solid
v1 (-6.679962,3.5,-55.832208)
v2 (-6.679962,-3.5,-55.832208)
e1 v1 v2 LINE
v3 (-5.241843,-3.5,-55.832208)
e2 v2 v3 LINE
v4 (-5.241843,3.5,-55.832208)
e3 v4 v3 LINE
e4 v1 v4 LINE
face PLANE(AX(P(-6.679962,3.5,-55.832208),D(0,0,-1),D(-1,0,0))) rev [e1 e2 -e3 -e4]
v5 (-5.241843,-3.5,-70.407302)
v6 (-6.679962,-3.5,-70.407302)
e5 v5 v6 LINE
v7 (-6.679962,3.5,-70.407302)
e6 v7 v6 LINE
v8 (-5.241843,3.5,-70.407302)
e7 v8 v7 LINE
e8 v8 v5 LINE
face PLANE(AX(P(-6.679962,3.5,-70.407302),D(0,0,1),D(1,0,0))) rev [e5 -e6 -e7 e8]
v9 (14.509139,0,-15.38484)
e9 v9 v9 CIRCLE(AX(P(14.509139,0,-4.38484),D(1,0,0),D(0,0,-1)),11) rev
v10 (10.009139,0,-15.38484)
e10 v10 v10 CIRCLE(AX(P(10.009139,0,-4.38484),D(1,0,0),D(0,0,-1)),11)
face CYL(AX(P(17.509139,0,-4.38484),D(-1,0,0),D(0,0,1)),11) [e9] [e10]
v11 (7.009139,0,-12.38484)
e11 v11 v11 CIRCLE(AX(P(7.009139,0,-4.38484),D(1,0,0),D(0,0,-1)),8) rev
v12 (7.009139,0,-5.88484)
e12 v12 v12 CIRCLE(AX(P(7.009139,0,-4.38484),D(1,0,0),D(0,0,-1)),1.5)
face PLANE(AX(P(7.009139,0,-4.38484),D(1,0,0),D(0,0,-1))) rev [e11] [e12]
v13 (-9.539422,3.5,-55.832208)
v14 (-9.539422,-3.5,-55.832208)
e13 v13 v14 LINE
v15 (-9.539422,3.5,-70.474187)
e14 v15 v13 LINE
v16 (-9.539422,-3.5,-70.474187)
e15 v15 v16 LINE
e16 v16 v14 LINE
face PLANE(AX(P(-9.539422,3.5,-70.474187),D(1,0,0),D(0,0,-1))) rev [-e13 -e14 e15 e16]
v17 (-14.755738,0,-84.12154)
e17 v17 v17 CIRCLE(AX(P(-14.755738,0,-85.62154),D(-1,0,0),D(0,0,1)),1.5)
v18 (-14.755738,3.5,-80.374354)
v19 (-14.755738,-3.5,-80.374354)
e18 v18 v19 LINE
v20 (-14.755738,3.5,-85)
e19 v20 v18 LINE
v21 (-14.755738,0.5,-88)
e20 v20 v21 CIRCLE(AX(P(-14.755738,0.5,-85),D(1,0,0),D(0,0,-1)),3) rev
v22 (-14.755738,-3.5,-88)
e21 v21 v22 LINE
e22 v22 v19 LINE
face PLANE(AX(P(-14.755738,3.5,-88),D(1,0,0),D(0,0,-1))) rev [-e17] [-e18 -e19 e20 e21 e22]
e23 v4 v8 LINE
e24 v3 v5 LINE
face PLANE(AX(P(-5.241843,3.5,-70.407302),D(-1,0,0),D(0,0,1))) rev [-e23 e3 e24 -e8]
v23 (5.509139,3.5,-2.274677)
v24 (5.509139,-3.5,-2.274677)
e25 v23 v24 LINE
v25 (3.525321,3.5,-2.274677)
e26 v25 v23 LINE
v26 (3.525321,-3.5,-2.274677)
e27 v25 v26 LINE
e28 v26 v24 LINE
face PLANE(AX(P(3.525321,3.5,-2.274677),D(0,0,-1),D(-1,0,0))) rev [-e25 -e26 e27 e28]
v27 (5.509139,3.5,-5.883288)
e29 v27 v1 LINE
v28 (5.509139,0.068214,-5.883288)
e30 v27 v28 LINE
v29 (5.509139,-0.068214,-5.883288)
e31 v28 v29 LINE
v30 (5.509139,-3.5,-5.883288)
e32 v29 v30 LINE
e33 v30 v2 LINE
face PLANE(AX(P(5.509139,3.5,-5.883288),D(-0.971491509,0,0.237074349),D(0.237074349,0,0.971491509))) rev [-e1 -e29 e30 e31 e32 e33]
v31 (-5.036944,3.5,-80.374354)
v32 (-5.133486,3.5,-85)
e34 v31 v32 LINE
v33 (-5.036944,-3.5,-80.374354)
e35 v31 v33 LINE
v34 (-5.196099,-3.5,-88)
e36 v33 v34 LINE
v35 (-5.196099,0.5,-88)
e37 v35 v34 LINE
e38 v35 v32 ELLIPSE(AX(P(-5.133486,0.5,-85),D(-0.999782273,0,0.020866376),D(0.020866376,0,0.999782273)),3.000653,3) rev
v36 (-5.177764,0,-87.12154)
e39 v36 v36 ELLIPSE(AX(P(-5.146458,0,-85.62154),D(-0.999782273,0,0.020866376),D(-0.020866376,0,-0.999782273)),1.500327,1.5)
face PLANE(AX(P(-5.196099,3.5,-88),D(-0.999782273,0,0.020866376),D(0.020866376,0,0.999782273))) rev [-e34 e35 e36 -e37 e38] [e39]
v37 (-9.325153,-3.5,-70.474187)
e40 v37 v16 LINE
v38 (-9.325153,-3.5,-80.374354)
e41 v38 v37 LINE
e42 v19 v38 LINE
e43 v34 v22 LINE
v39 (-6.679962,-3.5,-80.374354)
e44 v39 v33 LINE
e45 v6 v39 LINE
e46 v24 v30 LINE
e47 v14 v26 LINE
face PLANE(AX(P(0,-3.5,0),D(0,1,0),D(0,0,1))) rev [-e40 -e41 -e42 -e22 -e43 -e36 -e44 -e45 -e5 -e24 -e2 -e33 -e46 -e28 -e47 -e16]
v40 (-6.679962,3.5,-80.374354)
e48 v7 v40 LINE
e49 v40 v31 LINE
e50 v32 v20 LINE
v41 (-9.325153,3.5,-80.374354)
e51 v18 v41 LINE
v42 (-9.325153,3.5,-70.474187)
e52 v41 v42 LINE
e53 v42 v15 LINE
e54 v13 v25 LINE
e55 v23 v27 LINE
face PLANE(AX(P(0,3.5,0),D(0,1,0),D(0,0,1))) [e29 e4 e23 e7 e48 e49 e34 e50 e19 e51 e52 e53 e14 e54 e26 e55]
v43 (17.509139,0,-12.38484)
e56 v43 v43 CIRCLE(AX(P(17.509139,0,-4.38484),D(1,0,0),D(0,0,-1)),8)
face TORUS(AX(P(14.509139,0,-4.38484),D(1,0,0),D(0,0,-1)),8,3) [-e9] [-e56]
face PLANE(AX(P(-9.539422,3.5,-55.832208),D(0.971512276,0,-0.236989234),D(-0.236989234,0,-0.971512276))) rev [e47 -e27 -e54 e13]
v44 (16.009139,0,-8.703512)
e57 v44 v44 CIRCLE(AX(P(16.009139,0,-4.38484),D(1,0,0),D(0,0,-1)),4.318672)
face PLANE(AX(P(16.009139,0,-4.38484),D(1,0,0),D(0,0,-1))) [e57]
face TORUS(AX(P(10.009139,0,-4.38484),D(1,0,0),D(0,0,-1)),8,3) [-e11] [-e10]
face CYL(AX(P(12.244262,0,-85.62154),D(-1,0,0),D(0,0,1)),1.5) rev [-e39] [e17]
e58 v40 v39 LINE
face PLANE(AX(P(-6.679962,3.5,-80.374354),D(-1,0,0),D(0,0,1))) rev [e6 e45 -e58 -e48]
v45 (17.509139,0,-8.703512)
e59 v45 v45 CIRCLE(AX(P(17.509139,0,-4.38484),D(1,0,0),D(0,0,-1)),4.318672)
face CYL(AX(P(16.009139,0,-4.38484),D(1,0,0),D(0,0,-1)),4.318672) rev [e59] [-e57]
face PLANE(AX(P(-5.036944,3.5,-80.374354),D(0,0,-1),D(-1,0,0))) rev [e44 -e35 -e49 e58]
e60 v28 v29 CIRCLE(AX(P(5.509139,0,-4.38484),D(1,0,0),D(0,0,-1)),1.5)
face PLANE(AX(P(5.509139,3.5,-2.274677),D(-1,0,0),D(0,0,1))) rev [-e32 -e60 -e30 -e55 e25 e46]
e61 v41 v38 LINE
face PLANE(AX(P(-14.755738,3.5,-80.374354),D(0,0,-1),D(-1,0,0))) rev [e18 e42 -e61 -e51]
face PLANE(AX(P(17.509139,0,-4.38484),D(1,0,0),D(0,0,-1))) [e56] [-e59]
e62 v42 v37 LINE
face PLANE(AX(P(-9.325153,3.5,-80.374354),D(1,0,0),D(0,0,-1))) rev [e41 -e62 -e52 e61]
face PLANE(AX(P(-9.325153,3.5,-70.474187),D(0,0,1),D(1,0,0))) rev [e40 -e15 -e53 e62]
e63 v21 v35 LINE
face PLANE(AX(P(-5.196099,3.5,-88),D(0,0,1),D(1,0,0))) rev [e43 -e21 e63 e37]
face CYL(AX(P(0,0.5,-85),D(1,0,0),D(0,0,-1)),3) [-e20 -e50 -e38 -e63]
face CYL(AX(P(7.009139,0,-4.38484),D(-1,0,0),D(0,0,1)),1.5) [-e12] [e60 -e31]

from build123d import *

# Parameters (mm, degrees)
BOSS_EXTRUDE1_DEPTH = 3.5
SKETCH2_R           = 1.5
CUT_EXTRUDE1_DEPTH  = 27
SKETCH8_R           = 1.5
BOSS_EXTRUDE6_DEPTH = 1.5
SKETCH9_R           = 11
BOSS_EXTRUDE7_DEPTH = 10.5
FILLET11_R          = 3
FILLET12_R          = 3
SKETCH12_R          = 4.31867217
CUT_EXTRUDE2_DEPTH  = 1.5


with BuildPart() as part:
    # Sketch1 → Boss-Extrude1 (new, symmetric)
    with BuildSketch(Plane(origin=(0, 0, 0), x_dir=(1, 0, 0), z_dir=(0, 1, 0))):
        Polygon((-14.755737993, 80.374354469), (-9.325152651, 80.374354469), (-9.325152651, 70.474186712), (-9.539422483, 70.474186712), (-9.539422483, 55.832207765), (3.525320524, 2.274676859), (5.509138823, 2.274676859), (5.509138823, 5.883287993), (-6.679961691, 55.832207765), (-5.241843463, 55.832207765), (-5.241843463, 70.40730195), (-6.679961691, 70.40730195), (-6.679961691, 72.014475303), (-6.679961691, 80.374354469), (-5.036944489, 80.374354469), (-5.196098726, 88), (-14.755737993, 88), align=None)
    extrude(amount=BOSS_EXTRUDE1_DEPTH, both=True)

    # Sketch2 → Cut-Extrude1 (cut)
    with BuildSketch(Plane.ZY.offset(14.755737993)):
        with Locations((-85.621539819, 0)):
            Circle(SKETCH2_R)
    extrude(amount=-CUT_EXTRUDE1_DEPTH, mode=Mode.SUBTRACT)

    # Sketch8 → Boss-Extrude6 (add)
    with BuildSketch(Plane(origin=(5.509138823, 0, 0), x_dir=(0, 0, -1), z_dir=(1, 0, 0))):
        with Locations(Location((4.384839861, 0, 0), (0, 0, 2.606494438))):
            Circle(SKETCH8_R)
    extrude(amount=BOSS_EXTRUDE6_DEPTH)

    # Sketch9 → Boss-Extrude7 (add)
    with BuildSketch(Plane(origin=(7.009138823, 0, 0), x_dir=(0, 0, -1), z_dir=(1, 0, 0))):
        with Locations((4.384839861, 0)):
            Circle(SKETCH9_R)
    extrude(amount=BOSS_EXTRUDE7_DEPTH)

    # Fillet11
    fillet11_edges = [part.edges().sort_by_distance(p)[0] for p in [
        (-9.97591836, 3.5, -88),
    ]]
    fillet(fillet11_edges, radius=FILLET11_R)

    # Fillet12
    fillet12_edges = [part.edges().sort_by_distance(p)[0] for p in [
        (7.009138823, 0, 6.615160139),
        (17.509138823, 0, 6.615160139),
    ]]
    fillet(fillet12_edges, radius=FILLET12_R)

    # Sketch12 → Cut-Extrude2 (cut)
    with BuildSketch(Plane(origin=(17.509138823, 0, 0), x_dir=(0, 0, -1), z_dir=(1, 0, 0))):
        with Locations((4.384839861, 0)):
            Circle(SKETCH12_R)
    extrude(amount=-CUT_EXTRUDE2_DEPTH, mode=Mode.SUBTRACT)


solid = part.part
